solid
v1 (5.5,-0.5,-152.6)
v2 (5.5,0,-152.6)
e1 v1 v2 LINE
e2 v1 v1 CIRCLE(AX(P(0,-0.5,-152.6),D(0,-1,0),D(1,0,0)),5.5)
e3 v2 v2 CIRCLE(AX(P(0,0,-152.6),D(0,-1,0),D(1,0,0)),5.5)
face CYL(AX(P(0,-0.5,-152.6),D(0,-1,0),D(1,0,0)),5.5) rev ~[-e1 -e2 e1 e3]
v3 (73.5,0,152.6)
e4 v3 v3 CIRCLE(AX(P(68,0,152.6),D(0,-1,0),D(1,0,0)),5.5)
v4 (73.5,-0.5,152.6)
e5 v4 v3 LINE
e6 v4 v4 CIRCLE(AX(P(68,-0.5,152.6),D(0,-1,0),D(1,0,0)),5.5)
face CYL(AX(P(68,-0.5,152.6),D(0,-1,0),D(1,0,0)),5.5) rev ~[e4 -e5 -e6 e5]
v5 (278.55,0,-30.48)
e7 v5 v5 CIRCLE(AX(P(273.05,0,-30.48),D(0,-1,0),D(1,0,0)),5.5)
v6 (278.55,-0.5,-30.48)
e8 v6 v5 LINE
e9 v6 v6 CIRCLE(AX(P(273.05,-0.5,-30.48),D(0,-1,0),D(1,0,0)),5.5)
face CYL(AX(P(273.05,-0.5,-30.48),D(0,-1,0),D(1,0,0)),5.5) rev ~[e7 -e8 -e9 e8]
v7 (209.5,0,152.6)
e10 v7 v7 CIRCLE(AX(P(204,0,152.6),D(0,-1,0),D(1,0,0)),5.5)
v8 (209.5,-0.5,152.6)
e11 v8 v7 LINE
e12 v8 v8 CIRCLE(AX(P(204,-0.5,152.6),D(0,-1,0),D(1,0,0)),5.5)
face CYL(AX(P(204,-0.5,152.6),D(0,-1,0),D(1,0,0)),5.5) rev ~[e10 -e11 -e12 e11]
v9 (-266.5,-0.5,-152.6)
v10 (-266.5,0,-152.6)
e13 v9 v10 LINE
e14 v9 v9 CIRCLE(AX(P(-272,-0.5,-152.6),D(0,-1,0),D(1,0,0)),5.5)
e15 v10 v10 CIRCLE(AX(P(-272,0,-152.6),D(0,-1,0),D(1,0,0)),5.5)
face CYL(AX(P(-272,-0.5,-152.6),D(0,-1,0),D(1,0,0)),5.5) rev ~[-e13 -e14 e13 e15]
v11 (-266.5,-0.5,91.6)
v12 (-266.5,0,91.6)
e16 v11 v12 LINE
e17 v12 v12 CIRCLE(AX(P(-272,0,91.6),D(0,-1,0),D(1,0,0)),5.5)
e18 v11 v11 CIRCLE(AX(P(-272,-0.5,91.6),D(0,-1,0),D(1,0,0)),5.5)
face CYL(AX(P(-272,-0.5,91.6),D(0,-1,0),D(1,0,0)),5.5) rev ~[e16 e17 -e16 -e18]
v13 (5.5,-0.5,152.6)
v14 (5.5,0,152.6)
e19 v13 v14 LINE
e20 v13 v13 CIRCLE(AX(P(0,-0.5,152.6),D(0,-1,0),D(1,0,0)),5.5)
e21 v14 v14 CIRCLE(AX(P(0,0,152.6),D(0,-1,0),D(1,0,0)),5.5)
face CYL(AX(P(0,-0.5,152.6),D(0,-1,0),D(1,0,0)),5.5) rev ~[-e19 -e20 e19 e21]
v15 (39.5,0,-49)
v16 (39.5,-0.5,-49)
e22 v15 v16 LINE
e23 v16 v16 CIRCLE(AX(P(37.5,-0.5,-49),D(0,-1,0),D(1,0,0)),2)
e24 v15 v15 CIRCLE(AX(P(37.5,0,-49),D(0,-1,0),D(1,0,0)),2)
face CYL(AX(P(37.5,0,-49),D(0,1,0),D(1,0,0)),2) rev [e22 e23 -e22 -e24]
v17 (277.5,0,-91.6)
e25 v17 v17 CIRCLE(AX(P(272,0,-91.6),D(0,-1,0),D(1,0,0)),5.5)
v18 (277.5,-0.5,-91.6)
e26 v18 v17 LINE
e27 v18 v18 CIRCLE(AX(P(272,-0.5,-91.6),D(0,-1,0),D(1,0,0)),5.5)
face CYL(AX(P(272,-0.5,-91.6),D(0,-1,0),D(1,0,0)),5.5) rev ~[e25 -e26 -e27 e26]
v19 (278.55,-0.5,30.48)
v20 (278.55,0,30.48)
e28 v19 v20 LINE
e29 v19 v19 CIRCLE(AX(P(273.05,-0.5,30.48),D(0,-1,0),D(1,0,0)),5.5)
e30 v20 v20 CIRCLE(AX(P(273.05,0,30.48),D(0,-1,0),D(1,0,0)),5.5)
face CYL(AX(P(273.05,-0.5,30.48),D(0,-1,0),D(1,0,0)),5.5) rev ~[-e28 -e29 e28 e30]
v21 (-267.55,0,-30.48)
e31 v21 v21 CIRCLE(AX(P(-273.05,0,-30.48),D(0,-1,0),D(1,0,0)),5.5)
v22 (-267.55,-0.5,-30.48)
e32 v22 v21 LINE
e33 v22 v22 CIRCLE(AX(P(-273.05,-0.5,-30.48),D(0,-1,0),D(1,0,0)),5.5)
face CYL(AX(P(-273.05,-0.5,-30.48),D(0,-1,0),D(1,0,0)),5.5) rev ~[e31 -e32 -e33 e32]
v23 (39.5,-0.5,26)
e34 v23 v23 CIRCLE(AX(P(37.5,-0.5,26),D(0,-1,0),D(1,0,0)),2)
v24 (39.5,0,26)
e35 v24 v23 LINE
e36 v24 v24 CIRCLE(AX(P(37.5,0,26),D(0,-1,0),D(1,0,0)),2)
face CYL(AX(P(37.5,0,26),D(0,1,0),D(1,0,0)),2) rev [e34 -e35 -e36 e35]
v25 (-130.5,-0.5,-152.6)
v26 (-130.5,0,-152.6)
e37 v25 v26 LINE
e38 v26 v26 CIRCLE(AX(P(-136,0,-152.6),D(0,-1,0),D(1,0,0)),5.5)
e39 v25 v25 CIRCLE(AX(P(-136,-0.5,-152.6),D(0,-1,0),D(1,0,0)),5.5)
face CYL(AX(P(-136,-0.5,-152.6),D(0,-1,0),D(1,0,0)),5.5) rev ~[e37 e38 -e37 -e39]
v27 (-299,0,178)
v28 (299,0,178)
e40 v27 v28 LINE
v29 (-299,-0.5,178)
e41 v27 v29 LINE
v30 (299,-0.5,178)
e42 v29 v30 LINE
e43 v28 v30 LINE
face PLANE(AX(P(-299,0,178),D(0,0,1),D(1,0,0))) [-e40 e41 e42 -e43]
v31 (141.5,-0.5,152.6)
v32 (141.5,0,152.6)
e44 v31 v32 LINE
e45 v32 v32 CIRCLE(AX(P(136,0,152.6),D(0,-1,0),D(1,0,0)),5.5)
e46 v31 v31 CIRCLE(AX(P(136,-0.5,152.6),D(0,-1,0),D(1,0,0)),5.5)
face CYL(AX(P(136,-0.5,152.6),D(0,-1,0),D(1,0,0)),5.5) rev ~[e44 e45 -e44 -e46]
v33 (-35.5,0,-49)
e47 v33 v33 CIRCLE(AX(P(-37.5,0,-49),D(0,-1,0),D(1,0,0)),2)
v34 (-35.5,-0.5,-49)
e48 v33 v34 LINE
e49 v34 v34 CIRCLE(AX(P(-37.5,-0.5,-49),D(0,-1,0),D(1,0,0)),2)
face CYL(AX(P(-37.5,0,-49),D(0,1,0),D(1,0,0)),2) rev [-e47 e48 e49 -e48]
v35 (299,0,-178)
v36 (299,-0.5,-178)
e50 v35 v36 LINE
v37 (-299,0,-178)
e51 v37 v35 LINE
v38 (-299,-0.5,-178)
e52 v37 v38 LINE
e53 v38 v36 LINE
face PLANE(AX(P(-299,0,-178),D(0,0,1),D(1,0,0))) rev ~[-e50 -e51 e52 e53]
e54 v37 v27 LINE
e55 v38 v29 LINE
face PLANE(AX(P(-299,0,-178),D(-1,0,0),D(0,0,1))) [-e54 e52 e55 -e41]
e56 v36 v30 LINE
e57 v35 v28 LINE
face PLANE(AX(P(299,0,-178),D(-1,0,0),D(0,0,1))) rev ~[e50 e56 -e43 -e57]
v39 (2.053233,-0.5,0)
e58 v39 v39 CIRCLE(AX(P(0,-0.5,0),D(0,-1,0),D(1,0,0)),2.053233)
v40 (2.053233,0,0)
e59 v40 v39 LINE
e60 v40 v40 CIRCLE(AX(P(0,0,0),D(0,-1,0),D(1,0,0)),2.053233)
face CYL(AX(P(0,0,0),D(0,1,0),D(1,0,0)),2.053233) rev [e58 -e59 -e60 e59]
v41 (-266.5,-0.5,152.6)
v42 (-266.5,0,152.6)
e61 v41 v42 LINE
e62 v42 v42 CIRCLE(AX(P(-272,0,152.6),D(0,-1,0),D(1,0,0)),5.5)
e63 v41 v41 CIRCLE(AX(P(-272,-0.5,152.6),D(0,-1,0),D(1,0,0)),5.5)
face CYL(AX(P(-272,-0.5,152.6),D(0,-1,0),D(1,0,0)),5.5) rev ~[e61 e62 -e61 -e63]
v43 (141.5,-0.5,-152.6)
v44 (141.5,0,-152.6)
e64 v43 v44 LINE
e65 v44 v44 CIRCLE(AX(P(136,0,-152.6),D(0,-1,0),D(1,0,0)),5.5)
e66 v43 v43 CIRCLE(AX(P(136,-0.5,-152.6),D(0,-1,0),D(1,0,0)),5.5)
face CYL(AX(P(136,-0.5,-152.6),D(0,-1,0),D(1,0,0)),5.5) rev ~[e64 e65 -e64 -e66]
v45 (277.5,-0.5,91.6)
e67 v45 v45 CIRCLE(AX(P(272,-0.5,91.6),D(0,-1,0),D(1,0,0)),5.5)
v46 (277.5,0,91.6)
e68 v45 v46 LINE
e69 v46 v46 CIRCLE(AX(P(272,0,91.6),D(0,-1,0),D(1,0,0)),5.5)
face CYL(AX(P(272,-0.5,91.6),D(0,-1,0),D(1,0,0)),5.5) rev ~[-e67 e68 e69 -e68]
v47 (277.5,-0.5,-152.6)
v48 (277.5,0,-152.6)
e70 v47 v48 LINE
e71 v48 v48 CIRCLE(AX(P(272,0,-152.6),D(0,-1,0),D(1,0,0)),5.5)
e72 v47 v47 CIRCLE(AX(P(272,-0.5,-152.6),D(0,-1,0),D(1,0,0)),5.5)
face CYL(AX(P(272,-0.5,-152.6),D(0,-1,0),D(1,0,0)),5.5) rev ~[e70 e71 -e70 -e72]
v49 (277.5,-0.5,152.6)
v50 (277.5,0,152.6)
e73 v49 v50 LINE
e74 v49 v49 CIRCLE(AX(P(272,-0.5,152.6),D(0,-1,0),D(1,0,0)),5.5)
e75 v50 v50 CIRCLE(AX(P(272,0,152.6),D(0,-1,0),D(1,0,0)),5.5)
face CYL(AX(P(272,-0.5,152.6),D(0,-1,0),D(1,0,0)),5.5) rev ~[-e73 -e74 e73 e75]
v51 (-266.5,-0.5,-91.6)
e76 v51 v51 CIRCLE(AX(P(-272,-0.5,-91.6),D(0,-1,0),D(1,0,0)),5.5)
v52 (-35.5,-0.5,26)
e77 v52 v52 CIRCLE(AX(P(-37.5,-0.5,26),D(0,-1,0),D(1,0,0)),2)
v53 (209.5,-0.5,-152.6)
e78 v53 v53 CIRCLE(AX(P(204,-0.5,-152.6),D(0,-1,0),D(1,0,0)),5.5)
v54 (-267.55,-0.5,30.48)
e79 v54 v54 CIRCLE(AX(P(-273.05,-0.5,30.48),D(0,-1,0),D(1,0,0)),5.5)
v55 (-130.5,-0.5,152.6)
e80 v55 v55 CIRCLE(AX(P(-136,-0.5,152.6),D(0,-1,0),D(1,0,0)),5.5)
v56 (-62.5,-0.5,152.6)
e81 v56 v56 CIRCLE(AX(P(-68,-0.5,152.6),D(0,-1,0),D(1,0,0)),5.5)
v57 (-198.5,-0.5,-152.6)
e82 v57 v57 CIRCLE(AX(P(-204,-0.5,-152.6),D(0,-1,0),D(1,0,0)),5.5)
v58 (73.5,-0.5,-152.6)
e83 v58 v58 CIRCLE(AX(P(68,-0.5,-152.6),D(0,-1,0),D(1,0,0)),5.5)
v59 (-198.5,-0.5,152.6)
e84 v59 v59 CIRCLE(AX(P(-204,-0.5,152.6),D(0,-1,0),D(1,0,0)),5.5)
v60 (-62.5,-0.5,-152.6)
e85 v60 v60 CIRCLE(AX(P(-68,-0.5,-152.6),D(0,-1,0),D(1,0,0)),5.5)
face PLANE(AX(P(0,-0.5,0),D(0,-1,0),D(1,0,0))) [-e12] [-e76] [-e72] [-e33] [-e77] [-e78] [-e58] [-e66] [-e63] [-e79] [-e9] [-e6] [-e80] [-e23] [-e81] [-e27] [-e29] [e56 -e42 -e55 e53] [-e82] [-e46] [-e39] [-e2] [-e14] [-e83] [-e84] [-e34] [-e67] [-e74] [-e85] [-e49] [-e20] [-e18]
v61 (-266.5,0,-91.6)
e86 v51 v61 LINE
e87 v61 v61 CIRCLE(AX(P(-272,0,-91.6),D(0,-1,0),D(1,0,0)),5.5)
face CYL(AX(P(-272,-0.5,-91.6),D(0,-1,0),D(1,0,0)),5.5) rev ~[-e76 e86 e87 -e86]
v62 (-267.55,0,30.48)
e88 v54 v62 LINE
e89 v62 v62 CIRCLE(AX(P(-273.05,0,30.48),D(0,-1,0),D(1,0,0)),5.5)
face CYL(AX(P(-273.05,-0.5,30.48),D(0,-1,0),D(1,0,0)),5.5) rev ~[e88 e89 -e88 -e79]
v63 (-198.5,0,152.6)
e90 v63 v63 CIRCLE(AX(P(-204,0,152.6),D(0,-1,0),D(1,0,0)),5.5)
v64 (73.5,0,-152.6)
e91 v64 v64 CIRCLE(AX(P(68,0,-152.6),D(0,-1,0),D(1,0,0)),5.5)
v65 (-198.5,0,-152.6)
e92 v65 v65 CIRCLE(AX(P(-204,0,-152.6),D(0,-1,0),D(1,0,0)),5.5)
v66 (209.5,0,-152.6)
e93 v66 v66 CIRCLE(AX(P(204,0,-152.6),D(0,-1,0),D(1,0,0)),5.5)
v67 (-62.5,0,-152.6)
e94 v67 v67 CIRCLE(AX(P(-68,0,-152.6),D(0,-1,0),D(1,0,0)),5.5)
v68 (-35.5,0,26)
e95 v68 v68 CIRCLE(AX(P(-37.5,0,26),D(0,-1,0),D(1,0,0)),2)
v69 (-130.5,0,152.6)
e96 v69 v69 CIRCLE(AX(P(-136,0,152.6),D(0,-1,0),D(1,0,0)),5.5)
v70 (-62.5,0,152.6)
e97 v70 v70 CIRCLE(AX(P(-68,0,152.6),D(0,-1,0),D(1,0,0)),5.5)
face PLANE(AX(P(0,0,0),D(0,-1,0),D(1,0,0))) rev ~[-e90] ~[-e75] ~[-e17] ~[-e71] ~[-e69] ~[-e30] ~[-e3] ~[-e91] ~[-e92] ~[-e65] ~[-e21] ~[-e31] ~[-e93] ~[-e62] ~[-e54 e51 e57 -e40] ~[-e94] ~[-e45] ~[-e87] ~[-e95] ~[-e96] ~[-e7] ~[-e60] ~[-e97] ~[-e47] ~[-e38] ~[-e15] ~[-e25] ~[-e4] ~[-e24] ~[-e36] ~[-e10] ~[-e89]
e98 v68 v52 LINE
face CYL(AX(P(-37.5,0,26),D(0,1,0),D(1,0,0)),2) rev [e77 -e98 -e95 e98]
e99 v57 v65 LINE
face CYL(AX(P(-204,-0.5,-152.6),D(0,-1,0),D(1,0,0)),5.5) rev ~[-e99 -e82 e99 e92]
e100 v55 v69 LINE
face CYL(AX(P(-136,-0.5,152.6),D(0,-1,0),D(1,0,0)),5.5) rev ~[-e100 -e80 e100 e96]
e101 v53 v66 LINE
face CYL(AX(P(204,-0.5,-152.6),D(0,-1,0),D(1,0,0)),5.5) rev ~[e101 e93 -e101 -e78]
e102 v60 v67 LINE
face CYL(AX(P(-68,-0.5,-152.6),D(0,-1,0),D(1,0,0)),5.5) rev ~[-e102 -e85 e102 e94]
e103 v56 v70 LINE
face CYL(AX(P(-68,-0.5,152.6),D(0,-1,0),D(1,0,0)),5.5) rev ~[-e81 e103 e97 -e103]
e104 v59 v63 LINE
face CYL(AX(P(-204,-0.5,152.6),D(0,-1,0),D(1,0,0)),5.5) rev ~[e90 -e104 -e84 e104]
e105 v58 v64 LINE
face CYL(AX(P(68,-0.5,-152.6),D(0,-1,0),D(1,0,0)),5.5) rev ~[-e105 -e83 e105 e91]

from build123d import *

# Parameters (mm, degrees)
F0_W     = 598
F0_H     = 356
F0_R     = 2
F0_R_2   = 2.053233
F1_DEPTH = 0.5
F2_R     = 5.5
F3_DEPTH = 0.5


with BuildPart() as f1:
    # F0 (on Front) → F1 (new body)
    with BuildSketch(Plane.XZ):
        Rectangle(F0_W, F0_H)
        with Locations((-37.5, -49)):
            Circle(F0_R, mode=Mode.SUBTRACT)
        with Locations((37.5, -49)):
            Circle(F0_R, mode=Mode.SUBTRACT)
        with Locations((-37.5, 26)):
            Circle(F0_R, mode=Mode.SUBTRACT)
        Circle(F0_R_2, mode=Mode.SUBTRACT)
        with Locations((37.5, 26)):
            Circle(F0_R, mode=Mode.SUBTRACT)
    extrude(amount=F1_DEPTH)

    # F2 (on face) → F3 (cut, through all)
    with BuildSketch(Plane.XZ.offset(0.5)):
        with Locations((0, 152.6)):
            Circle(F2_R)
        with Locations((68, 152.6)):
            Circle(F2_R)
        with Locations((136, 152.6)):
            Circle(F2_R)
        with Locations((204, 152.6)):
            Circle(F2_R)
        with Locations((272, 152.6)):
            Circle(F2_R)
        with Locations((272, 91.6)):
            Circle(F2_R)
        with Locations((273.05, 30.48)):
            Circle(F2_R)
        with Locations((273.05, -30.48)):
            Circle(F2_R)
        with Locations((272, -91.6)):
            Circle(F2_R)
        with Locations((-136, 152.6)):
            Circle(F2_R)
        with Locations((-68, 152.6)):
            Circle(F2_R)
        with Locations((-204, 152.6)):
            Circle(F2_R)
        with Locations((-272, 152.6)):
            Circle(F2_R)
        with Locations((-272, -91.6)):
            Circle(F2_R)
        with Locations((-272, -152.6)):
            Circle(F2_R)
        with Locations((-204, -152.6)):
            Circle(F2_R)
        with Locations((272, -152.6)):
            Circle(F2_R)
        with Locations((-272, 91.6)):
            Circle(F2_R)
        with Locations((-68, -152.6)):
            Circle(F2_R)
        with Locations((-273.05, 30.48)):
            Circle(F2_R)
        with Locations((136, -152.6)):
            Circle(F2_R)
        with Locations((68, -152.6)):
            Circle(F2_R)
        with Locations((0, -152.6)):
            Circle(F2_R)
        with Locations((-136, -152.6)):
            Circle(F2_R)
        with Locations((-273.05, -30.48)):
            Circle(F2_R)
        with Locations((204, -152.6)):
            Circle(F2_R)
    extrude(amount=-F3_DEPTH, mode=Mode.SUBTRACT)


solid = f1.part
